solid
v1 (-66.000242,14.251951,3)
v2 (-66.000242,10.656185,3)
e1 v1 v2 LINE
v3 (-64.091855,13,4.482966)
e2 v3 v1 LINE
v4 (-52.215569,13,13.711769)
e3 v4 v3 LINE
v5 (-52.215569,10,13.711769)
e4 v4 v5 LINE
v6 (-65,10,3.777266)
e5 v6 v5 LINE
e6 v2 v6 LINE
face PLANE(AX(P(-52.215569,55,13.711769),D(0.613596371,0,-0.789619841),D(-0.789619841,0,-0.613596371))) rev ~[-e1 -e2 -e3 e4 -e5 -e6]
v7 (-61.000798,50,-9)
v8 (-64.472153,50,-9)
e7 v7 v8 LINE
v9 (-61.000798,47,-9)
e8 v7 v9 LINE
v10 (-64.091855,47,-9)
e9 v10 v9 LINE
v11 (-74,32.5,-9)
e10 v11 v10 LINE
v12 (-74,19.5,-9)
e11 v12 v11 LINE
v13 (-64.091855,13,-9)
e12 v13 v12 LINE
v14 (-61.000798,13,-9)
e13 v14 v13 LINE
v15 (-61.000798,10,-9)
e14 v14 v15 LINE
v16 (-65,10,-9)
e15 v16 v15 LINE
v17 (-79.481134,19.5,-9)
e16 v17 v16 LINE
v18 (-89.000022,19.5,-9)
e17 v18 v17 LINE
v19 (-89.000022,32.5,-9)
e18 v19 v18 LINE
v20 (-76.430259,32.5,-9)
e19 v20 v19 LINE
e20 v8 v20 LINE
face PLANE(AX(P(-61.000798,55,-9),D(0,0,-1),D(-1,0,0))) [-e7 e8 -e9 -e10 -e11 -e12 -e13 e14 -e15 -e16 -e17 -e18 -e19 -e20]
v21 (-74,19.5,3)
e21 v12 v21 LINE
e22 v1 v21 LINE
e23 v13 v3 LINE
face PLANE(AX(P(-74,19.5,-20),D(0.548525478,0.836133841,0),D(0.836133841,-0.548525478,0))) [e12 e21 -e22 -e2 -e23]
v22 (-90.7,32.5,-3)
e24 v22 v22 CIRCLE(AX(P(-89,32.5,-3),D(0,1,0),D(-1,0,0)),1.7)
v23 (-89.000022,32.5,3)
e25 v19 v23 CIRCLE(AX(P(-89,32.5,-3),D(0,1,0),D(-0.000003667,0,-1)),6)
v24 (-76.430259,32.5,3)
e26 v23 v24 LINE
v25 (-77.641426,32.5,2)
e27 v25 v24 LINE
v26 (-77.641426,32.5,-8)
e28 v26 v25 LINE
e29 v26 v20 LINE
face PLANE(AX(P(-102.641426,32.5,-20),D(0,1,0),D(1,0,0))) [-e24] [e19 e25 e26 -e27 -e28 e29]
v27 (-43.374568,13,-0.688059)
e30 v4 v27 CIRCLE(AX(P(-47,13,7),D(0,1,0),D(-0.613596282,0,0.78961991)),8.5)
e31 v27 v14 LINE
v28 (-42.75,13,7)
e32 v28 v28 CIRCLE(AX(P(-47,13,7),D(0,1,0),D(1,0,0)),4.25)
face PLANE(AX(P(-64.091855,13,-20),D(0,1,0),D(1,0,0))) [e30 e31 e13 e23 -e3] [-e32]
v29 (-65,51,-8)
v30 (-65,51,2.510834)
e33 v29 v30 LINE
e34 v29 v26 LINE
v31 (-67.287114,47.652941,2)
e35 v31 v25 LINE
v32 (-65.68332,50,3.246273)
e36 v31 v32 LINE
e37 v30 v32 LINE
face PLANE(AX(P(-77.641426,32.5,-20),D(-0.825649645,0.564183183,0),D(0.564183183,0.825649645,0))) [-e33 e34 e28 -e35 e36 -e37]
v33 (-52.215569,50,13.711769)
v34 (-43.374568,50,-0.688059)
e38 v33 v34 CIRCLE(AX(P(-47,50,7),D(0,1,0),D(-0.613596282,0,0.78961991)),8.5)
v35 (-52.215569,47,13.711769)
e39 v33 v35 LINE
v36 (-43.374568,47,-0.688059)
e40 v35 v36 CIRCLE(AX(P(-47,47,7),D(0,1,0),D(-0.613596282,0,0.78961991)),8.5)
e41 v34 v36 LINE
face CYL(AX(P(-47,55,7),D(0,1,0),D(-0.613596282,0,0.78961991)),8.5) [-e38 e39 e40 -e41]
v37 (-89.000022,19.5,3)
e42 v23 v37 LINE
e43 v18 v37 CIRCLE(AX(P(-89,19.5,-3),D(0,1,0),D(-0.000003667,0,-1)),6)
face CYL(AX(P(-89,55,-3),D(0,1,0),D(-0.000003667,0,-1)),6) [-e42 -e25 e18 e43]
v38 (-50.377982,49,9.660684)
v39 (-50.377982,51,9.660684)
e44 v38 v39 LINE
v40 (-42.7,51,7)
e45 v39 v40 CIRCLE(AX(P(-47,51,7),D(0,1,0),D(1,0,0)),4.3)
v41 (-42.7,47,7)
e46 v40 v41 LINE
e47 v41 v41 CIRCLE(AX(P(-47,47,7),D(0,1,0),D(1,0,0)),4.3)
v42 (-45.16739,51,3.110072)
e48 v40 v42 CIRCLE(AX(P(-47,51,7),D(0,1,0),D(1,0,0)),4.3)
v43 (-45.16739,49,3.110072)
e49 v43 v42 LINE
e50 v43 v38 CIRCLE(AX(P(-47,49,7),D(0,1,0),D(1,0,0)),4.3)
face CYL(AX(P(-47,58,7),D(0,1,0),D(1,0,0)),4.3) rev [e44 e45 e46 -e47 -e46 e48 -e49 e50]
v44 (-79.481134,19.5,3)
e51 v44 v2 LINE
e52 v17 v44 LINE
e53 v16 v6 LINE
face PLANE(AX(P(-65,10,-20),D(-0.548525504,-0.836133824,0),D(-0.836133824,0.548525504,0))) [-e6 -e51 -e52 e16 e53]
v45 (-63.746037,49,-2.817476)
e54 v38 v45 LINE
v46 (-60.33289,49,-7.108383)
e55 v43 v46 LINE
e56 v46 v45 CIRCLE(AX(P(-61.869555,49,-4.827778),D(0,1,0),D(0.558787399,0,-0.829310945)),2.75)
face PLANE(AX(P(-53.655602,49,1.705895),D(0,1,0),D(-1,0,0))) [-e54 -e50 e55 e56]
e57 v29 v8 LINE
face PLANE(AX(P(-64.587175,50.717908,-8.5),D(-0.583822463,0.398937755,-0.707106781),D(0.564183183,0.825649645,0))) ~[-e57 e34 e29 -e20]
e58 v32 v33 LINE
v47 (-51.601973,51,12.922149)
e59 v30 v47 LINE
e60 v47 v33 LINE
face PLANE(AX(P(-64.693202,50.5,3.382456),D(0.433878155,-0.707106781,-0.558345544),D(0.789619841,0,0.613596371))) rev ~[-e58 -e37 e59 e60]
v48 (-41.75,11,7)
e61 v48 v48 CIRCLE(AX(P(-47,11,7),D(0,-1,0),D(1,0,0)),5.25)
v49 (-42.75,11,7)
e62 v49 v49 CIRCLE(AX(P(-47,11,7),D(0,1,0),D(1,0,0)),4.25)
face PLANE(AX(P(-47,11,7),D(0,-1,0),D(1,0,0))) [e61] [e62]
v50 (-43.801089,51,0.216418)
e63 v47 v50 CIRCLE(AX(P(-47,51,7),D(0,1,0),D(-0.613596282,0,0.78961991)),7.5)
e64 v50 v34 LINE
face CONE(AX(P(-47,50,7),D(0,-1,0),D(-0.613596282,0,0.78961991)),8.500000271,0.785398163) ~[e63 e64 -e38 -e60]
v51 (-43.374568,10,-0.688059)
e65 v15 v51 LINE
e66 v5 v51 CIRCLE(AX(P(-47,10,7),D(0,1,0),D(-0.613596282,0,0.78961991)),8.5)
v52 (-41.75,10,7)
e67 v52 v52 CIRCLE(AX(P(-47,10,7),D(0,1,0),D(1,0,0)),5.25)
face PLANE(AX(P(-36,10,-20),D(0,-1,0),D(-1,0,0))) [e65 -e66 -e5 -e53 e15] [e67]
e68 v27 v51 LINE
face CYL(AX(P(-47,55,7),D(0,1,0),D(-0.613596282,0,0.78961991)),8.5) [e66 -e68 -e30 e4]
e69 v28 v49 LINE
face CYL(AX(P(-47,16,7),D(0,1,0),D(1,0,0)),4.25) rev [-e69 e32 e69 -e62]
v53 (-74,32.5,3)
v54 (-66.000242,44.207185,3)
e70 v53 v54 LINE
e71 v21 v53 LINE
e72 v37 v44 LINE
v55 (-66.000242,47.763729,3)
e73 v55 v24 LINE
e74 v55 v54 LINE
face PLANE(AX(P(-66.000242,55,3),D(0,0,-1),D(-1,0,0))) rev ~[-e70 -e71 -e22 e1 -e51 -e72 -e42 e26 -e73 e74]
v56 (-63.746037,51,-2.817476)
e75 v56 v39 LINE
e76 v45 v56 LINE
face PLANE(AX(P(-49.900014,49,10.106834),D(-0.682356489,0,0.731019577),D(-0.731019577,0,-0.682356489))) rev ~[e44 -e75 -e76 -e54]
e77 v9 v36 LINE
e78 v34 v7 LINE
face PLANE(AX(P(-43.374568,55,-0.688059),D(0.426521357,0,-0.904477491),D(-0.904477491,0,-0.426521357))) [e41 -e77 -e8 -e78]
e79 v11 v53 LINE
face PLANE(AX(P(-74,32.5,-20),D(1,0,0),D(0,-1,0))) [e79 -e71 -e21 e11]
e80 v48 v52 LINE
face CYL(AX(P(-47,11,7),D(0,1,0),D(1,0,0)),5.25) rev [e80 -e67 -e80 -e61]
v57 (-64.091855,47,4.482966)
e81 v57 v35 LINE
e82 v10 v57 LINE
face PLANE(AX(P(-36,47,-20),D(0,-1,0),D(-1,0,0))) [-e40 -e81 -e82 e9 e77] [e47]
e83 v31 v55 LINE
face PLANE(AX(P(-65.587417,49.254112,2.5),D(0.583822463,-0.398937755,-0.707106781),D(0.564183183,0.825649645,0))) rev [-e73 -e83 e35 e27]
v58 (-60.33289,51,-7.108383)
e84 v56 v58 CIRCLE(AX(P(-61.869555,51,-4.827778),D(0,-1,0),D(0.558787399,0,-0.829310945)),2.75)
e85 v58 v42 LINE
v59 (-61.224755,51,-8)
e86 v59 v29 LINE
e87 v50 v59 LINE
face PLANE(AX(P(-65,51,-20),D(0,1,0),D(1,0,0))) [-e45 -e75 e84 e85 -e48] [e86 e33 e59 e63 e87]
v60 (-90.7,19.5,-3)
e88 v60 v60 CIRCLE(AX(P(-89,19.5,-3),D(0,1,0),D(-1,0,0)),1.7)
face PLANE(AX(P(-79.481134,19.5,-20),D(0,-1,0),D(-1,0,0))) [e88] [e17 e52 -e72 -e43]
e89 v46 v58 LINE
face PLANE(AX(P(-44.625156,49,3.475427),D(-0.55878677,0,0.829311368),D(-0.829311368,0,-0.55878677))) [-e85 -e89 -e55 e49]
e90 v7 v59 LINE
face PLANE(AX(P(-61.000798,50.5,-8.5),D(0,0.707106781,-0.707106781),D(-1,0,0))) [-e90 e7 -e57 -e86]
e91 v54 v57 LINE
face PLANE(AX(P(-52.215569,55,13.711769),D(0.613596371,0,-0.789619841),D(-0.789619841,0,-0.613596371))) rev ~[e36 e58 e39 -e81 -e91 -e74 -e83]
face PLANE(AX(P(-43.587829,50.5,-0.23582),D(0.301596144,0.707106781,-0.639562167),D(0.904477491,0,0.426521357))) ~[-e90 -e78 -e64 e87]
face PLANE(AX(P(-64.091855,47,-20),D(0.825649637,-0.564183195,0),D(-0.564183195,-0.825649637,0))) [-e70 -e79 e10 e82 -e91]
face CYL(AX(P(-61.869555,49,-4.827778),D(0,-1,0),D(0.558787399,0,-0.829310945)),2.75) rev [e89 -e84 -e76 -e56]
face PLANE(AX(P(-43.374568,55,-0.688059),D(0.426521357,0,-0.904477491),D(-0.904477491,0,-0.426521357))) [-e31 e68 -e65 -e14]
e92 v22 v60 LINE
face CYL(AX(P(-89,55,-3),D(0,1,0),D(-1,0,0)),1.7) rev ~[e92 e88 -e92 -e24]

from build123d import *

# Parameters (mm, degrees)
PAD012_DEPTH           = 10
CYLINDER024_R          = 4.3
CYLINDER024_DEPTH      = 14
CYLINDER024_ROLL_ANGLE = 90
CYLINDER017_R          = 4.25
CYLINDER017_DEPTH      = 10
CYLINDER016_R          = 5.25
CYLINDER016_DEPTH      = 10
FUSION009_ROLL_ANGLE   = 90
SKETCH005_R            = 1.7
PAD005_DEPTH           = 50
PAD006_DEPTH           = 40
CHAMFER004_SIZE        = 1


with BuildPart() as pad012:
    # Sketch012 → Pad012 (new body)
    with BuildSketch(Plane(origin=(0, 49, 0), x_dir=(-1, 0, 0), z_dir=(0, 1, 0))):
        with BuildLine():
            ThreePointArc((49.900014, 10.106834), (43.673915, 9.645687), (44.625156, 3.475427))
            Line((44.625156, 3.475427), (60.33289, -7.108383))
            ThreePointArc((60.33289, -7.108383), (64.021726, -6.539695), (63.746037, -2.817476))
            Line((49.900014, 10.106834), (63.746037, -2.817476))
        make_face()
    extrude(amount=PAD012_DEPTH)


with BuildPart() as fusion025:
    # Cylinder024 → Cylinder024 (new body)
    with BuildSketch(Plane.XY):
        Circle(CYLINDER024_R)
    extrude(amount=CYLINDER024_DEPTH)


with BuildPart() as fusion025_1:
    # Cylinder024 roll: moved
    add(fusion025.part.rotate(Axis((0, 0, 0), (1, 0, 0)), CYLINDER024_ROLL_ANGLE))


with BuildPart() as fusion025_2:
    # Cylinder024 placement: moved
    add(fusion025_1.part.moved(Location((-47, 58, 7))))

    # Fusion025: union Pad012
    add(pad012.part)


with BuildPart() as cylinder017:
    # Cylinder017 → Cylinder017 (new body)
    with BuildSketch(Plane.XY.offset(-5)):
        Circle(CYLINDER017_R)
    extrude(amount=CYLINDER017_DEPTH)


with BuildPart() as fusion009:
    # Cylinder016 → Cylinder016 (new body)
    with BuildSketch(Plane.XY):
        Circle(CYLINDER016_R)
    extrude(amount=CYLINDER016_DEPTH)

    # Fusion009: union Cylinder017
    add(cylinder017.part)


with BuildPart() as fusion009_1:
    # Fusion009 roll: moved
    add(fusion009.part.rotate(Axis((0, 0, 0), (1, 0, 0)), FUSION009_ROLL_ANGLE))


with BuildPart() as fusion009_2:
    # Fusion009 placement: moved
    add(fusion009_1.part.moved(Location((-47, 11, 7))))


with BuildPart() as pad005:
    # Sketch005 → Pad005 (new body)
    with BuildSketch(Plane(origin=(0, 55, 0), x_dir=(-1, 0, 0), z_dir=(0, 1, 0))):
        with BuildLine():
            ThreePointArc((52.215569, 13.711769), (39.756321, 11.447371), (43.374568, -0.688059))
            Line((43.374568, -0.688059), (61.000798, -9))
            Line((61.000798, -9), (89.000022, -9))
            ThreePointArc((89.000022, -9), (95, -3), (89.000022, 3))
            Line((66.000242, 3), (89.000022, 3))
            Line((52.215569, 13.711769), (66.000242, 3))
        make_face()
        with Locations((47, 7)):
            Circle(SKETCH005_R, mode=Mode.SUBTRACT)
        with Locations((89, -3)):
            Circle(SKETCH005_R, mode=Mode.SUBTRACT)
    extrude(amount=-PAD005_DEPTH)


with BuildPart() as cut036:
    # Sketch006 → Pad006 (new body)
    with BuildSketch(Plane.XY.offset(-20)):
        Polygon((-102.641426, 32.5), (-77.641426, 32.5), (-65, 51), (-36, 51), (-36, 47), (-64.091855, 47), (-74, 32.5), (-74, 19.5), (-64.091855, 13), (-36, 13), (-36, 10), (-65, 10), (-79.481134, 19.5), (-102.641426, 19.5), align=None)
    extrude(amount=PAD006_DEPTH)

    # Common: intersect Pad005
    add(pad005.part, mode=Mode.INTERSECT)

    # Chamfer004
    chamfer004_edges = [cut036.edges().sort_by_distance(p)[0] for p in [
        (-71.320713, 41.75, -9),
        (-71.820834, 41.018102, 3),
        (-63.000399, 51, -9),
        (-52.187683, 51, -4.844029),
        (-39.756321, 51, 11.447371),
    ]]
    chamfer(chamfer004_edges, length=CHAMFER004_SIZE)

    # Cut013: cut Fusion009
    add(fusion009_2.part, mode=Mode.SUBTRACT)

    # Cut036: cut Fusion025
    add(fusion025_2.part, mode=Mode.SUBTRACT)


solid = cut036.part
